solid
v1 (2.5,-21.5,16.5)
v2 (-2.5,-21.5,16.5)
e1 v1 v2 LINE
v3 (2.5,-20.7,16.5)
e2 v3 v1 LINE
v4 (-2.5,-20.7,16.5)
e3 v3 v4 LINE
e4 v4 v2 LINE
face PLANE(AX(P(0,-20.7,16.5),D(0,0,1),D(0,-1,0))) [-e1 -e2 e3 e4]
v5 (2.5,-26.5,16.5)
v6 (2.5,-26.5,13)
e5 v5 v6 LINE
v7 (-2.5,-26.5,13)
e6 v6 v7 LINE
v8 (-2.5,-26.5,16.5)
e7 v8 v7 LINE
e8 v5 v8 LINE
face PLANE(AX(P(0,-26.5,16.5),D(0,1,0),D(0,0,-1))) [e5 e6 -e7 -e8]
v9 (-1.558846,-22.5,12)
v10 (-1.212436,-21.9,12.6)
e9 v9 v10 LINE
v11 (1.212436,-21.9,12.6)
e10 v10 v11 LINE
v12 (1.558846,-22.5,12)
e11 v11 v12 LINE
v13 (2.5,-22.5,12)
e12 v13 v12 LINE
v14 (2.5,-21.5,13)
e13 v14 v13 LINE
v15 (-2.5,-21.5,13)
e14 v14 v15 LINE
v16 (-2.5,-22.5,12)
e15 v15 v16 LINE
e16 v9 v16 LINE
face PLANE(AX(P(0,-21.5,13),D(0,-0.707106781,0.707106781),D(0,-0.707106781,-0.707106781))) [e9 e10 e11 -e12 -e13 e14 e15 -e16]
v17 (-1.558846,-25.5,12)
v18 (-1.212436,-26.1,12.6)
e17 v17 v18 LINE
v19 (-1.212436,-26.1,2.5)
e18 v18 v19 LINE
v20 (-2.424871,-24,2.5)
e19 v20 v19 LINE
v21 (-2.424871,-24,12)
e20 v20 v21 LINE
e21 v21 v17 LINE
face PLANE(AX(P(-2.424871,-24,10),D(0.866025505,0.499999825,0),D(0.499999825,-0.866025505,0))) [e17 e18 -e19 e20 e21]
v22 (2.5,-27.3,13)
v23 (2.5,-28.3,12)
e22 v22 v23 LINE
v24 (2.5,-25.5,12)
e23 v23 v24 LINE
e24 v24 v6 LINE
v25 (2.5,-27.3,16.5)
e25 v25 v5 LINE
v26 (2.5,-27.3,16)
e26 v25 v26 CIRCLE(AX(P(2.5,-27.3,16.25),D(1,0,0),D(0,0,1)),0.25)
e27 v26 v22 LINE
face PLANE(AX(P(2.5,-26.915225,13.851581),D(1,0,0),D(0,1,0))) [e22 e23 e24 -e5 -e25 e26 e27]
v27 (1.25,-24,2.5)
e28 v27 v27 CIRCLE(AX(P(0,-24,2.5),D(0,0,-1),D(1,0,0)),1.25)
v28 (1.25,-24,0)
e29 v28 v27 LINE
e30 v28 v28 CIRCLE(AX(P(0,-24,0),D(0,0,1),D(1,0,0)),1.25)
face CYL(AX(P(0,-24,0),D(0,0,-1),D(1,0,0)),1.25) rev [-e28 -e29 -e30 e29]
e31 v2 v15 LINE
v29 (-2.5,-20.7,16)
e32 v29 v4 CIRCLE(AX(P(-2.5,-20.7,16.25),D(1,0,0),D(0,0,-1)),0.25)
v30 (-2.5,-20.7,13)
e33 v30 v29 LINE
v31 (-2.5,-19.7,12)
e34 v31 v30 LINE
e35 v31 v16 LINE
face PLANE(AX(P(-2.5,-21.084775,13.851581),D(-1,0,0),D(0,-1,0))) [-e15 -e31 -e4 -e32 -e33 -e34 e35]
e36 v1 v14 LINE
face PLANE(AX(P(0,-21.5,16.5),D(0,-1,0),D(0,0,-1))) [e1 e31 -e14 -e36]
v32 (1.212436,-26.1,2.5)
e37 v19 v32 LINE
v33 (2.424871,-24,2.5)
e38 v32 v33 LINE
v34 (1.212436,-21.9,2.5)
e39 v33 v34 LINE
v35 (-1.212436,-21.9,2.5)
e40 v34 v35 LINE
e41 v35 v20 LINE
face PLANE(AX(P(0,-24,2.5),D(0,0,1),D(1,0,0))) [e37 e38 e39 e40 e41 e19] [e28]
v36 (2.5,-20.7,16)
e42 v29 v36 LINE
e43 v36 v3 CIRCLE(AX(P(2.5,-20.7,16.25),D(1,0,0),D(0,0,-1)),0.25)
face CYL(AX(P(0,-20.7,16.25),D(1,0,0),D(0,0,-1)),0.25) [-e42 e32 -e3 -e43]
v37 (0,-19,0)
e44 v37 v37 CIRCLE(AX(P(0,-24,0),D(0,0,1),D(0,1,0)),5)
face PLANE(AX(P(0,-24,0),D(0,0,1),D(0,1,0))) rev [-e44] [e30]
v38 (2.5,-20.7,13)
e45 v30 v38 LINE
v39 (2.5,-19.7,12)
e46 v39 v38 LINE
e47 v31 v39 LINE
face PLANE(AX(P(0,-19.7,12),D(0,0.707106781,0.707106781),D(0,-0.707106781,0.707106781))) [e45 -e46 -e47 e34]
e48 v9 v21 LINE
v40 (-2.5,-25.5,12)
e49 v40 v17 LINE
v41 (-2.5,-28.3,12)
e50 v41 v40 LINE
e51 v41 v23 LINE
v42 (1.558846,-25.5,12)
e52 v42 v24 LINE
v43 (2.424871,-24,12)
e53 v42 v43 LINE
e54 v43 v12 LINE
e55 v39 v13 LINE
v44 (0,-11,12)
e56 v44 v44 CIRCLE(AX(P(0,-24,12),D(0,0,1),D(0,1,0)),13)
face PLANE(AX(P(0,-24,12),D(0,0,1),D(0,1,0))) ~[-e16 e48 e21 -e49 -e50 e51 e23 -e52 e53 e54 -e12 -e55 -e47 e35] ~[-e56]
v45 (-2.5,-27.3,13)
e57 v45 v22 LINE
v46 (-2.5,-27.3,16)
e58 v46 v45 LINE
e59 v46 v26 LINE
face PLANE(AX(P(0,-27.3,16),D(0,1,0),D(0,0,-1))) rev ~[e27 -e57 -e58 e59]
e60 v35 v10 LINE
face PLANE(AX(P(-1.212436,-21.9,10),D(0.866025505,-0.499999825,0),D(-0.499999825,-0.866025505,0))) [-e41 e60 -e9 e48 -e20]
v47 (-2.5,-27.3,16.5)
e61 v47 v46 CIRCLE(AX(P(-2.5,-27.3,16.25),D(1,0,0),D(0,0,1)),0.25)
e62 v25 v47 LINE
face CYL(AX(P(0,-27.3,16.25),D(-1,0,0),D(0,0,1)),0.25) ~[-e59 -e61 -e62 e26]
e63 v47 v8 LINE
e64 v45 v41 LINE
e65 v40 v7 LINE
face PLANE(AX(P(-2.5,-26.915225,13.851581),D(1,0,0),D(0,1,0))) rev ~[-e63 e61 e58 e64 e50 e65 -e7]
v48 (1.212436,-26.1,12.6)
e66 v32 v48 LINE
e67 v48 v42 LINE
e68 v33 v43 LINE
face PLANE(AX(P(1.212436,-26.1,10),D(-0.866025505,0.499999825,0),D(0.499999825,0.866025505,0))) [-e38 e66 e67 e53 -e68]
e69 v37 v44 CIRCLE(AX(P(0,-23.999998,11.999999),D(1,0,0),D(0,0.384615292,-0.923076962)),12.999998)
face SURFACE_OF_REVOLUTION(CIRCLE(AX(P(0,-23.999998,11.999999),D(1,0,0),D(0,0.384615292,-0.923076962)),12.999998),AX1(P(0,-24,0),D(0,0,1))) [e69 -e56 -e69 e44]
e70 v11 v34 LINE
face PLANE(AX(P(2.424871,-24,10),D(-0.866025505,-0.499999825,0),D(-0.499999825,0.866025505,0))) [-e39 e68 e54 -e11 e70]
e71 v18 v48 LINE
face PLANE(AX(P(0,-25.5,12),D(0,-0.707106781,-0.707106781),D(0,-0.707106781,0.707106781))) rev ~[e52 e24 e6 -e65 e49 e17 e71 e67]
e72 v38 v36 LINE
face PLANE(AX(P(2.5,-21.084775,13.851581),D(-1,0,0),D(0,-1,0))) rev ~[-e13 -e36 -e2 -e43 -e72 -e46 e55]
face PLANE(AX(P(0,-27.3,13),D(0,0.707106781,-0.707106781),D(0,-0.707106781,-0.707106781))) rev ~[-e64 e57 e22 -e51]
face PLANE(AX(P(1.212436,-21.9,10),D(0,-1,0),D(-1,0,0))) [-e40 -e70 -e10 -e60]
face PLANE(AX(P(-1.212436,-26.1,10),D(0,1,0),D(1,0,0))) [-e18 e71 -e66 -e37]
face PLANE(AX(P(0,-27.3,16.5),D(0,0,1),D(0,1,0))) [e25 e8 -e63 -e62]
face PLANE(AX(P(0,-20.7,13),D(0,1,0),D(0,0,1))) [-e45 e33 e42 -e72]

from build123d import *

# Parameters (mm, degrees)
SKETCH024_R          = 1.25
POCKET007_DEPTH      = 12.001
PAD001_DEPTH         = 2.5
POCKET008_DEPTH      = 7.5
POCKET008_DEPTH_BACK = 100


with BuildPart() as part:
    # Sketch023 → Revolution001 (revolve)
    with BuildSketch(Plane.YZ):
        with BuildLine():
            Line((0, 0), (0, 12))
            Line((0, 12), (13, 12))
            ThreePointArc((5, 0), (10.816654, 4.788897), (13, 12))
            Line((0, 0), (5, 0))
        make_face()
    revolve(axis=Axis((0, 0, 0), (0, 0, 1)))

    # Sketch024 → Pocket007 (cut, through all)
    with BuildSketch(Plane.XY):
        Circle(SKETCH024_R)
    extrude(amount=POCKET007_DEPTH, mode=Mode.SUBTRACT)

    # Sketch025 (on DatumPlane) → Pad001 (join, symmetric)
    with BuildSketch(Plane(origin=(0, 0, 12), x_dir=(0, 1, 0), z_dir=(1, 0, 0))):
        with BuildLine():
            ThreePointArc((-3.3, 4.5), (-3.55, 4.25), (-3.3, 4))
            Line((-3.3, 4), (-3.3, 1))
            Line((-3.3, 1), (-4.3, 0))
            Line((-4.3, 0), (-1.5, 0))
            Line((-1.5, 0), (-2.5, 1))
            Line((-2.5, 4.5), (-2.5, 1))
            Line((-3.3, 4.5), (-2.5, 4.5))
        make_face()
        with BuildLine():
            Line((4.3, 0), (1.5, 0))
            Line((2.5, 1), (1.5, 0))
            Line((2.5, 4.5), (2.5, 1))
            Line((3.3, 4.5), (2.5, 4.5))
            ThreePointArc((3.3, 4), (3.55, 4.25), (3.3, 4.5))
            Line((3.3, 1), (3.3, 4))
            Line((4.3, 0), (3.3, 1))
        make_face()
    extrude(amount=PAD001_DEPTH, both=True)

    # Sketch026 (on DatumPlane) → Pocket008 (cut, two sides)
    with BuildSketch(Plane.XY.offset(10)) as pocket008_sk:
        Polygon((1.212436, -2.1), (2.424871, 0), (1.212436, 2.1), (-1.212436, 2.1), (-2.424871, 0), (-1.212436, -2.1), align=None)
    extrude(amount=-POCKET008_DEPTH, mode=Mode.SUBTRACT)
    extrude(pocket008_sk.sketch, amount=POCKET008_DEPTH_BACK, mode=Mode.SUBTRACT)


with BuildPart() as part_1:
    # Body007 placement: moved
    add(part.part.moved(Location((0, -24, 0))))


solid = part_1.part
